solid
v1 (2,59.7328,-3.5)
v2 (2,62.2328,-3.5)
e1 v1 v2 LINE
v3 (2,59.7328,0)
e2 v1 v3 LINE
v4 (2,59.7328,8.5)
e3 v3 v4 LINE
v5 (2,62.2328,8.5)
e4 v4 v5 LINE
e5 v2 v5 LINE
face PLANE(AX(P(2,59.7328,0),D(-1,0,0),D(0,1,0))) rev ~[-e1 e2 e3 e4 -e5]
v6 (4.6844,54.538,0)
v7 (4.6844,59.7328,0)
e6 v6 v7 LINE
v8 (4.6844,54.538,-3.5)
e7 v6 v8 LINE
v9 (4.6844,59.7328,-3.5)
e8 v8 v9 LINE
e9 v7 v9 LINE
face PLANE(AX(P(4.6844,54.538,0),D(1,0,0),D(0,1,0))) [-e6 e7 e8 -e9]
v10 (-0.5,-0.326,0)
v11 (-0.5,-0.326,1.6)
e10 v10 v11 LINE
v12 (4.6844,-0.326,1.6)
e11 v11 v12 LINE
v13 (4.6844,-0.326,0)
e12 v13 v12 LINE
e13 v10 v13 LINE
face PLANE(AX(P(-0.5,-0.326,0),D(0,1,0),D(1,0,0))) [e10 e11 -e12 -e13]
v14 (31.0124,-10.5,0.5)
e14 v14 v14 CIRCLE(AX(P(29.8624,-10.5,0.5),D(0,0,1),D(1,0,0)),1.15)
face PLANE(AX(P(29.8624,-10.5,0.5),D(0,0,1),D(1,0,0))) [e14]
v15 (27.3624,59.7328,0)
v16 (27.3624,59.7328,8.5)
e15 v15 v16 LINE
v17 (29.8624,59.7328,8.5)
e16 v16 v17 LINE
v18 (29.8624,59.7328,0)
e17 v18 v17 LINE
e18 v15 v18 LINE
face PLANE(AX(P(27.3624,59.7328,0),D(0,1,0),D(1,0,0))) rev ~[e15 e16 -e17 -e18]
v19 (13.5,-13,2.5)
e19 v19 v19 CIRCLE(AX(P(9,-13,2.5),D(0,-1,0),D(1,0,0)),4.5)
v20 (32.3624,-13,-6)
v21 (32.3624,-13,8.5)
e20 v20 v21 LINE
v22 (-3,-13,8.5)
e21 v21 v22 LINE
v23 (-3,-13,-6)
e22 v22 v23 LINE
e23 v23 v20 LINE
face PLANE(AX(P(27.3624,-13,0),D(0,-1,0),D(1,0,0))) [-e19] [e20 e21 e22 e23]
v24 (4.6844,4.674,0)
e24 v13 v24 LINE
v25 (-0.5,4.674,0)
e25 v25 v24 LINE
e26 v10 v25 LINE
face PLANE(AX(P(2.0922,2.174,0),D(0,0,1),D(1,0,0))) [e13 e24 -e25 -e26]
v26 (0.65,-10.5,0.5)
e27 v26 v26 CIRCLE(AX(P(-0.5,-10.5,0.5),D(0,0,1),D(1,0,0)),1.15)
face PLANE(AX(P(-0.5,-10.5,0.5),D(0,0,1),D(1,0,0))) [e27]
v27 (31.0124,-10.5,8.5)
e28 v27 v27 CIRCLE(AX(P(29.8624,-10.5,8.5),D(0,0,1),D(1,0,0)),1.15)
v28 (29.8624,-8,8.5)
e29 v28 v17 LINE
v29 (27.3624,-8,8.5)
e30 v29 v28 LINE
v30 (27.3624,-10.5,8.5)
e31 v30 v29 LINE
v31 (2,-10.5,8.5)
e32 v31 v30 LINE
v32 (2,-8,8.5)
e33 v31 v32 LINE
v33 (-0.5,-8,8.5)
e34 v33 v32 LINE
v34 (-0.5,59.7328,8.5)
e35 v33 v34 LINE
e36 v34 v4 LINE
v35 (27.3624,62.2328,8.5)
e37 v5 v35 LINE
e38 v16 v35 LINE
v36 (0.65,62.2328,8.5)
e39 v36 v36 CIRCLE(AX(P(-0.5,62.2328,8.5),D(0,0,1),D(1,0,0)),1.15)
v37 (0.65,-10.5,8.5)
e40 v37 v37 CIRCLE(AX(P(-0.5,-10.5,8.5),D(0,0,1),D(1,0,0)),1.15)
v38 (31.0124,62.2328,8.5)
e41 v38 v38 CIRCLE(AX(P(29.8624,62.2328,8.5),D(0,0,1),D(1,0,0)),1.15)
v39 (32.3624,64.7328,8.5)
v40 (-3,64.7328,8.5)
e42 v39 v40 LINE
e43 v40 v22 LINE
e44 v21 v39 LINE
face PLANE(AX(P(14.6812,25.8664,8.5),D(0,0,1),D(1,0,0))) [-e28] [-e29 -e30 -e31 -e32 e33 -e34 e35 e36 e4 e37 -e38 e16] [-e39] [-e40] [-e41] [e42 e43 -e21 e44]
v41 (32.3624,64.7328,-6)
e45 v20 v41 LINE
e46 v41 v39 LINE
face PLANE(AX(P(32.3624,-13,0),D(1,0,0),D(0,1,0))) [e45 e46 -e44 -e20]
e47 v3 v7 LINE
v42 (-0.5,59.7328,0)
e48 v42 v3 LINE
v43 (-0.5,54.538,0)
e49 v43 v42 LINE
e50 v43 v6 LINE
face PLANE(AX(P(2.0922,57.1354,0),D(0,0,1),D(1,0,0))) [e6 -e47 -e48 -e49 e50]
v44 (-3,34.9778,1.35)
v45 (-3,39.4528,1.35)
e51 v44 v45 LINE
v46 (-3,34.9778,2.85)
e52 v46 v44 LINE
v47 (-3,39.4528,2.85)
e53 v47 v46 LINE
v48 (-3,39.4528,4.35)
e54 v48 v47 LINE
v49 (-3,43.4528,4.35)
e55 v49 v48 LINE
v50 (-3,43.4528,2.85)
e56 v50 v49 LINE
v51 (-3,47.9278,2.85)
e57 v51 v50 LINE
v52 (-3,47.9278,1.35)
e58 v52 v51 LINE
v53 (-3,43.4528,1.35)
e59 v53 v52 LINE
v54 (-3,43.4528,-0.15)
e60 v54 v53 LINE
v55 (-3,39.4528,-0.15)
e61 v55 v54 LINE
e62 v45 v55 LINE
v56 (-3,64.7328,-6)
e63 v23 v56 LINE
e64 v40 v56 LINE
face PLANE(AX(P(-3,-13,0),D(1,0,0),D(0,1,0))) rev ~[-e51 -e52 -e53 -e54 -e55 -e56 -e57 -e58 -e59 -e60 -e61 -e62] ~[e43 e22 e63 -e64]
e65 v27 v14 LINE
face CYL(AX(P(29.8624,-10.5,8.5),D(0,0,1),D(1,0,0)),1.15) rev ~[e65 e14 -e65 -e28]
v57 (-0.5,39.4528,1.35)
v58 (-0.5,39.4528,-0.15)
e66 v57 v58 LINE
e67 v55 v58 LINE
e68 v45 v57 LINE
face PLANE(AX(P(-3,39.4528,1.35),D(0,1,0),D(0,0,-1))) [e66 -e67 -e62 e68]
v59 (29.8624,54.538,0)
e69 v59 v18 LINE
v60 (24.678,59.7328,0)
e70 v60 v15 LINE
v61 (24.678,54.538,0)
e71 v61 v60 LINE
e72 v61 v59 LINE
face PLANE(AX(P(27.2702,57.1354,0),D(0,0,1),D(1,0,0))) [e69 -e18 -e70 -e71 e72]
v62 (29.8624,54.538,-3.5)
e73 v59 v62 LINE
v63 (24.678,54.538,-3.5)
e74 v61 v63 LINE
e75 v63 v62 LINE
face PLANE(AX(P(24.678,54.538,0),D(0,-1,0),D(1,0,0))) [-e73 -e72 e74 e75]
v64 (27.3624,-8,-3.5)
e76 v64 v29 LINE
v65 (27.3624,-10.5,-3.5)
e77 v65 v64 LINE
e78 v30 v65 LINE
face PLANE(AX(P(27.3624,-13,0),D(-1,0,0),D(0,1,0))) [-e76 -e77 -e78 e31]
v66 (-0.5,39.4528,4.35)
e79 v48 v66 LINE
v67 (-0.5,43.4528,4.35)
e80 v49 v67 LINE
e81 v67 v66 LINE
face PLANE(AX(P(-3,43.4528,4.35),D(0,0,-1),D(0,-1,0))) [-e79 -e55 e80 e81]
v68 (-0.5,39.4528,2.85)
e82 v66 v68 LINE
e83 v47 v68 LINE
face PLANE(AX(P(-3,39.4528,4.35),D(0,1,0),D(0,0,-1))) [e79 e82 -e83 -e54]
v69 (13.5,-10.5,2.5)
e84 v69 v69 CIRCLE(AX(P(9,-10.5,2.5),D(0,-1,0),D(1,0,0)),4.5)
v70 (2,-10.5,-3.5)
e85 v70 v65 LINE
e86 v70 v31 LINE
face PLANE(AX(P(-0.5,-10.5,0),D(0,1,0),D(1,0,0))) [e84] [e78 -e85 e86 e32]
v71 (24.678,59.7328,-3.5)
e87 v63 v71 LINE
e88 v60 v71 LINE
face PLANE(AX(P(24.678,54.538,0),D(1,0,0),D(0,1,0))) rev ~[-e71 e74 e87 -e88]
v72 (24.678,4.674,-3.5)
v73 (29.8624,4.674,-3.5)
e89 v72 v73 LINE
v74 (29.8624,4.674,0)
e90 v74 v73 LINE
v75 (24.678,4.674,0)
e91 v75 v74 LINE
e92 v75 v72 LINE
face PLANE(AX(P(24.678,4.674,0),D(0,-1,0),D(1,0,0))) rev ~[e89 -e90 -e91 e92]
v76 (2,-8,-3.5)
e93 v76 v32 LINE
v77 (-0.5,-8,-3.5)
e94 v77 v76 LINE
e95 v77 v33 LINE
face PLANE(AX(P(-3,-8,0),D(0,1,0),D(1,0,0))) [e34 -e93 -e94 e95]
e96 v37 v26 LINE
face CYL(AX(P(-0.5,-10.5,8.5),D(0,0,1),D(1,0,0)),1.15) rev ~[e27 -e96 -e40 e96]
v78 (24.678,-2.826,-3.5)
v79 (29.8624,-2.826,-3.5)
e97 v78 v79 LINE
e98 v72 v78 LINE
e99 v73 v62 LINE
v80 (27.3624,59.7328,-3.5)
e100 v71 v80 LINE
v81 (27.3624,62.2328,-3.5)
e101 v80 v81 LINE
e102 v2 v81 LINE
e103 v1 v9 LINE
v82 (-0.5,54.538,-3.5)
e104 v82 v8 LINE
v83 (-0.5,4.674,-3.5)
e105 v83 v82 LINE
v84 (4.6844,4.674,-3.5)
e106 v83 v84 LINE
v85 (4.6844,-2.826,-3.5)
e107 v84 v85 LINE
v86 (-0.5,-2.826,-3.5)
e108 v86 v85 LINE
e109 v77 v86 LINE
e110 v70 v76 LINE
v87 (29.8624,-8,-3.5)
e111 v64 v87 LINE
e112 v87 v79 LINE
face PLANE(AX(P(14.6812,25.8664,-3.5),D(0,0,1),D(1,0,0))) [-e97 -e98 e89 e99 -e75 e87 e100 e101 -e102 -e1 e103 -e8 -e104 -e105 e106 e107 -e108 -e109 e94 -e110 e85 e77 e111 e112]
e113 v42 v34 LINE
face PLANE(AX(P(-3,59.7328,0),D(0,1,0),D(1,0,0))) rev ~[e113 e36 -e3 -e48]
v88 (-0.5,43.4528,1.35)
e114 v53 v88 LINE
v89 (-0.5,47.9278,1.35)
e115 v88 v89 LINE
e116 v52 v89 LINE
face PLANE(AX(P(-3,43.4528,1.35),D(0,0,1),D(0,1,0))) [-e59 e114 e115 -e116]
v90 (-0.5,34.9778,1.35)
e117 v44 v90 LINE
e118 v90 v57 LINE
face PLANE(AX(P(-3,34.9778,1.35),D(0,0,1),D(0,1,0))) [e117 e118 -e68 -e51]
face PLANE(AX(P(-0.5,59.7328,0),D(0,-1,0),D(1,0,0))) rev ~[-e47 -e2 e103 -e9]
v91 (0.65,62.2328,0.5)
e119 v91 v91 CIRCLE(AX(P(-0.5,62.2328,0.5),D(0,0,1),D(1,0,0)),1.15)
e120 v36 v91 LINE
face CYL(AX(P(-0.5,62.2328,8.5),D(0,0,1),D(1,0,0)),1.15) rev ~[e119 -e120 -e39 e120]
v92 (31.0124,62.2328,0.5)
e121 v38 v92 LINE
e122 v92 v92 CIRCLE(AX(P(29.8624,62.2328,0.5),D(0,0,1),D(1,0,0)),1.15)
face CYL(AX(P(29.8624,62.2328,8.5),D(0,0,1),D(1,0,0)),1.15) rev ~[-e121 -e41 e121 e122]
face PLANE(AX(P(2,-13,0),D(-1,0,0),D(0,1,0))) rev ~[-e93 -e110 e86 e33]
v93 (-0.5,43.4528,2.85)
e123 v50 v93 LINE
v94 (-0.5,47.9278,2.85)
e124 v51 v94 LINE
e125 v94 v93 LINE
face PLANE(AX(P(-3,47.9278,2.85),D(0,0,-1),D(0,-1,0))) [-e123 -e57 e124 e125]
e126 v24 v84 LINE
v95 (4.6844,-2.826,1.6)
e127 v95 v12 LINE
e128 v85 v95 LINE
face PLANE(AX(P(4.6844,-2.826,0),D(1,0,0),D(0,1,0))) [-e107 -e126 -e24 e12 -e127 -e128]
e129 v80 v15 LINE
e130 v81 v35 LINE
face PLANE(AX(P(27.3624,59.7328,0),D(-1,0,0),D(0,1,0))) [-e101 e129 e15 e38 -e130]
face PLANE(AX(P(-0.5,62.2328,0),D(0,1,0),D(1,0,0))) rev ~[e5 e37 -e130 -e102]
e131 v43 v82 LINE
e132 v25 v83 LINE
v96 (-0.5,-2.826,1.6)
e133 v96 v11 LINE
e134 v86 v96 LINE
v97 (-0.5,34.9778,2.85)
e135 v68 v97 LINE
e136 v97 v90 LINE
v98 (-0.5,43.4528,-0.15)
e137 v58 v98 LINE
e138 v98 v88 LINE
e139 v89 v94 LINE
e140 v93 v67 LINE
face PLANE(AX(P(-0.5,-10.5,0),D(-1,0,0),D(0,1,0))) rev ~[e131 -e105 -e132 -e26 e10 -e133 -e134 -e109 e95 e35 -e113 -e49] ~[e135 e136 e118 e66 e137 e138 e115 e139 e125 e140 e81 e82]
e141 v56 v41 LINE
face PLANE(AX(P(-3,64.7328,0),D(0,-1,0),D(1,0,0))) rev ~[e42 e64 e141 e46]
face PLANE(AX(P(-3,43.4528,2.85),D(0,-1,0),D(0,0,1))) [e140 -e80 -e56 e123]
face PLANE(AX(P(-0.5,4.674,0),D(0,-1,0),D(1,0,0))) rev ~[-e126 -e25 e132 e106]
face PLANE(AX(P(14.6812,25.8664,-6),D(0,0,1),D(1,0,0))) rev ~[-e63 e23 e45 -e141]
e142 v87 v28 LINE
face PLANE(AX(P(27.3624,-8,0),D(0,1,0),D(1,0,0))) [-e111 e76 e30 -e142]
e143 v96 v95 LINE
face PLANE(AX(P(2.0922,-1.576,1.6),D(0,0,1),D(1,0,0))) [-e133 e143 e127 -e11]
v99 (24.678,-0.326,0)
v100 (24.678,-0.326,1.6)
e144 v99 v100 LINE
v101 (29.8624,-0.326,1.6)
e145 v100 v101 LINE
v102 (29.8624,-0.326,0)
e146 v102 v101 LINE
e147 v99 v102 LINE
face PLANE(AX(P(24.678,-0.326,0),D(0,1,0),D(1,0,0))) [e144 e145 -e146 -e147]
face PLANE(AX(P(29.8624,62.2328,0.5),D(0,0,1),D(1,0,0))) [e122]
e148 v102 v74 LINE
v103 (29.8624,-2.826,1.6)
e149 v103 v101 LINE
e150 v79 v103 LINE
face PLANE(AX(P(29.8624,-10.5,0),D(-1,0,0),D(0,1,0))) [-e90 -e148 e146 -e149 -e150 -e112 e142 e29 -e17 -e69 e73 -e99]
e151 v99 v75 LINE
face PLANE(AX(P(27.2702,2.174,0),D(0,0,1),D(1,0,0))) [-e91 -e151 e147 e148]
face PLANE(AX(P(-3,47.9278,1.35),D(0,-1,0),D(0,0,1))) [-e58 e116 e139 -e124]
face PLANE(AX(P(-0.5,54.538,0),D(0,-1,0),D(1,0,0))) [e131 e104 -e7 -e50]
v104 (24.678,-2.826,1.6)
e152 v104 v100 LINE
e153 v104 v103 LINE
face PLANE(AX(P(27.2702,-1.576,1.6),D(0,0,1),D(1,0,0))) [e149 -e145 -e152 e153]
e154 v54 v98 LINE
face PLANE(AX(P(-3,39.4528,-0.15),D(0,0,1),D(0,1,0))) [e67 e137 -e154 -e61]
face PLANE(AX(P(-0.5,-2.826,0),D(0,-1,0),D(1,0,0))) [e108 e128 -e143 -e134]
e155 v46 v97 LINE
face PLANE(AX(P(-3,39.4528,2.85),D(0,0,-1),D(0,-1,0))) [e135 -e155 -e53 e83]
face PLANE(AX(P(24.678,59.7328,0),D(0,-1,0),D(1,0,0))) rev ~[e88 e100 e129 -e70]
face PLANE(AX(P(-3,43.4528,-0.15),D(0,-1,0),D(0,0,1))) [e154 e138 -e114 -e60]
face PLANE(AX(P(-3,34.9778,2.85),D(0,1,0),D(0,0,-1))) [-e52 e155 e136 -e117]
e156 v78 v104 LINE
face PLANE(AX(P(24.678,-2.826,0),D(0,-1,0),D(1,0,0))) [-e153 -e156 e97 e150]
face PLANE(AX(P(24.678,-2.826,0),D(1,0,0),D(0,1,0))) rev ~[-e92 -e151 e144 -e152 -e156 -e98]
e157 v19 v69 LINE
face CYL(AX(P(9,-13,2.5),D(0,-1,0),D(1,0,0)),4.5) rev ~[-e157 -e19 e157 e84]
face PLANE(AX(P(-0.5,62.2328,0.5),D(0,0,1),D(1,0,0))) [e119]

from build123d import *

# Parameters (mm, degrees)
SKETCH_W          = 35.3624
SKETCH_H          = 77.7328
PAD_DEPTH         = 8.5
PAD_DEPTH_BACK    = 6
SKETCH002_W       = 30.3624
SKETCH002_H       = 72.7328
POCKET_DEPTH      = 3.5
POCKET_DEPTH_BACK = 8.5
SKETCH003_W       = 5
SKETCH003_H       = 5
PAD001_DEPTH      = 8.5
PAD001_DEPTH_BACK = 3.5
SKETCH004_W       = 5.1844
SKETCH004_H       = 5.1948
SKETCH004_H_2     = 5
PAD002_DEPTH      = 3.5
SKETCH005_W       = 5.1844
SKETCH005_H       = 2.5
PAD003_DEPTH      = 1.6
PAD003_DEPTH_BACK = 3.5
SKETCH006_R       = 1.15
POCKET001_DEPTH   = 8
SKETCH007_R       = 4.5
POCKET002_DEPTH   = 2.5
POCKET003_DEPTH   = 2.5


with BuildPart() as part:
    # Sketch → Pad (new body, two sides)
    with BuildSketch(Plane.XY) as pad_sk:
        with Locations((14.6812, 25.8664)):
            Rectangle(SKETCH_W, SKETCH_H)
    extrude(amount=PAD_DEPTH)
    extrude(pad_sk.sketch, amount=-PAD_DEPTH_BACK)

    # Sketch002 → Pocket (cut, two sides)
    with BuildSketch(Plane.XY) as pocket_sk:
        with Locations((14.6812, 25.8664)):
            Rectangle(SKETCH002_W, SKETCH002_H)
    extrude(amount=-POCKET_DEPTH, mode=Mode.SUBTRACT)
    extrude(pocket_sk.sketch, amount=POCKET_DEPTH_BACK, mode=Mode.SUBTRACT)

    # Sketch003 → Pad001 (join, two sides)
    with BuildSketch(Plane.XY) as pad001_sk:
        with Locations((29.8624, -10.5)):
            Rectangle(SKETCH003_W, SKETCH003_H)
        with Locations((-0.5, -10.5)):
            Rectangle(SKETCH003_W, SKETCH003_H)
        with Locations((-0.5, 62.2328)):
            Rectangle(SKETCH003_W, SKETCH003_H)
        with Locations((29.8624, 62.2328)):
            Rectangle(SKETCH003_W, SKETCH003_H)
    extrude(amount=PAD001_DEPTH)
    extrude(pad001_sk.sketch, amount=-PAD001_DEPTH_BACK)

    # Sketch004 → Pad002 (join)
    with BuildSketch(Plane.XY):
        with Locations((2.0922, 57.1354)):
            Rectangle(SKETCH004_W, SKETCH004_H)
        with Locations((27.2702, 57.1354)):
            Rectangle(SKETCH004_W, SKETCH004_H)
        with Locations((2.0922, 2.174)):
            Rectangle(SKETCH004_W, SKETCH004_H_2)
        with Locations((27.2702, 2.174)):
            Rectangle(SKETCH004_W, SKETCH004_H_2)
    extrude(amount=-PAD002_DEPTH)

    # Sketch005 → Pad003 (join, two sides)
    with BuildSketch(Plane.XY) as pad003_sk:
        with Locations((27.2702, -1.576)):
            Rectangle(SKETCH005_W, SKETCH005_H)
        with Locations((2.0922, -1.576)):
            Rectangle(SKETCH005_W, SKETCH005_H)
    extrude(amount=PAD003_DEPTH)
    extrude(pad003_sk.sketch, amount=-PAD003_DEPTH_BACK)

    # Sketch006 (on DatumPlane) → Pocket001 (cut)
    with BuildSketch(Plane.XY.offset(8.5)):
        with Locations((29.8624, -10.5)):
            Circle(SKETCH006_R)
        with Locations((-0.5, -10.5)):
            Circle(SKETCH006_R)
        with Locations((29.8624, 62.2328)):
            Circle(SKETCH006_R)
        with Locations((-0.5, 62.2328)):
            Circle(SKETCH006_R)
    extrude(amount=-POCKET001_DEPTH, mode=Mode.SUBTRACT)

    # Sketch007 (on DatumPlane) → Pocket002 (cut)
    with BuildSketch(Plane.XZ.offset(13)):
        with Locations((9, 2.5)):
            Circle(SKETCH007_R)
    extrude(amount=-POCKET002_DEPTH, mode=Mode.SUBTRACT)

    # Sketch008 (on DatumPlane) → Pocket003 (cut)
    with BuildSketch(Plane(origin=(-3, 0, 0), x_dir=(0, -1, 0), z_dir=(-1, 0, 0))):
        Polygon((-47.9278, 2.85), (-43.4528, 2.85), (-43.4528, 4.35), (-39.4528, 4.35), (-39.4528, 2.85), (-34.9778, 2.85), (-34.9778, 1.35), (-39.4528, 1.35), (-39.4528, -0.15), (-43.4528, -0.15), (-43.4528, 1.35), (-47.9278, 1.35), align=None)
    extrude(amount=-POCKET003_DEPTH, mode=Mode.SUBTRACT)


solid = part.part
